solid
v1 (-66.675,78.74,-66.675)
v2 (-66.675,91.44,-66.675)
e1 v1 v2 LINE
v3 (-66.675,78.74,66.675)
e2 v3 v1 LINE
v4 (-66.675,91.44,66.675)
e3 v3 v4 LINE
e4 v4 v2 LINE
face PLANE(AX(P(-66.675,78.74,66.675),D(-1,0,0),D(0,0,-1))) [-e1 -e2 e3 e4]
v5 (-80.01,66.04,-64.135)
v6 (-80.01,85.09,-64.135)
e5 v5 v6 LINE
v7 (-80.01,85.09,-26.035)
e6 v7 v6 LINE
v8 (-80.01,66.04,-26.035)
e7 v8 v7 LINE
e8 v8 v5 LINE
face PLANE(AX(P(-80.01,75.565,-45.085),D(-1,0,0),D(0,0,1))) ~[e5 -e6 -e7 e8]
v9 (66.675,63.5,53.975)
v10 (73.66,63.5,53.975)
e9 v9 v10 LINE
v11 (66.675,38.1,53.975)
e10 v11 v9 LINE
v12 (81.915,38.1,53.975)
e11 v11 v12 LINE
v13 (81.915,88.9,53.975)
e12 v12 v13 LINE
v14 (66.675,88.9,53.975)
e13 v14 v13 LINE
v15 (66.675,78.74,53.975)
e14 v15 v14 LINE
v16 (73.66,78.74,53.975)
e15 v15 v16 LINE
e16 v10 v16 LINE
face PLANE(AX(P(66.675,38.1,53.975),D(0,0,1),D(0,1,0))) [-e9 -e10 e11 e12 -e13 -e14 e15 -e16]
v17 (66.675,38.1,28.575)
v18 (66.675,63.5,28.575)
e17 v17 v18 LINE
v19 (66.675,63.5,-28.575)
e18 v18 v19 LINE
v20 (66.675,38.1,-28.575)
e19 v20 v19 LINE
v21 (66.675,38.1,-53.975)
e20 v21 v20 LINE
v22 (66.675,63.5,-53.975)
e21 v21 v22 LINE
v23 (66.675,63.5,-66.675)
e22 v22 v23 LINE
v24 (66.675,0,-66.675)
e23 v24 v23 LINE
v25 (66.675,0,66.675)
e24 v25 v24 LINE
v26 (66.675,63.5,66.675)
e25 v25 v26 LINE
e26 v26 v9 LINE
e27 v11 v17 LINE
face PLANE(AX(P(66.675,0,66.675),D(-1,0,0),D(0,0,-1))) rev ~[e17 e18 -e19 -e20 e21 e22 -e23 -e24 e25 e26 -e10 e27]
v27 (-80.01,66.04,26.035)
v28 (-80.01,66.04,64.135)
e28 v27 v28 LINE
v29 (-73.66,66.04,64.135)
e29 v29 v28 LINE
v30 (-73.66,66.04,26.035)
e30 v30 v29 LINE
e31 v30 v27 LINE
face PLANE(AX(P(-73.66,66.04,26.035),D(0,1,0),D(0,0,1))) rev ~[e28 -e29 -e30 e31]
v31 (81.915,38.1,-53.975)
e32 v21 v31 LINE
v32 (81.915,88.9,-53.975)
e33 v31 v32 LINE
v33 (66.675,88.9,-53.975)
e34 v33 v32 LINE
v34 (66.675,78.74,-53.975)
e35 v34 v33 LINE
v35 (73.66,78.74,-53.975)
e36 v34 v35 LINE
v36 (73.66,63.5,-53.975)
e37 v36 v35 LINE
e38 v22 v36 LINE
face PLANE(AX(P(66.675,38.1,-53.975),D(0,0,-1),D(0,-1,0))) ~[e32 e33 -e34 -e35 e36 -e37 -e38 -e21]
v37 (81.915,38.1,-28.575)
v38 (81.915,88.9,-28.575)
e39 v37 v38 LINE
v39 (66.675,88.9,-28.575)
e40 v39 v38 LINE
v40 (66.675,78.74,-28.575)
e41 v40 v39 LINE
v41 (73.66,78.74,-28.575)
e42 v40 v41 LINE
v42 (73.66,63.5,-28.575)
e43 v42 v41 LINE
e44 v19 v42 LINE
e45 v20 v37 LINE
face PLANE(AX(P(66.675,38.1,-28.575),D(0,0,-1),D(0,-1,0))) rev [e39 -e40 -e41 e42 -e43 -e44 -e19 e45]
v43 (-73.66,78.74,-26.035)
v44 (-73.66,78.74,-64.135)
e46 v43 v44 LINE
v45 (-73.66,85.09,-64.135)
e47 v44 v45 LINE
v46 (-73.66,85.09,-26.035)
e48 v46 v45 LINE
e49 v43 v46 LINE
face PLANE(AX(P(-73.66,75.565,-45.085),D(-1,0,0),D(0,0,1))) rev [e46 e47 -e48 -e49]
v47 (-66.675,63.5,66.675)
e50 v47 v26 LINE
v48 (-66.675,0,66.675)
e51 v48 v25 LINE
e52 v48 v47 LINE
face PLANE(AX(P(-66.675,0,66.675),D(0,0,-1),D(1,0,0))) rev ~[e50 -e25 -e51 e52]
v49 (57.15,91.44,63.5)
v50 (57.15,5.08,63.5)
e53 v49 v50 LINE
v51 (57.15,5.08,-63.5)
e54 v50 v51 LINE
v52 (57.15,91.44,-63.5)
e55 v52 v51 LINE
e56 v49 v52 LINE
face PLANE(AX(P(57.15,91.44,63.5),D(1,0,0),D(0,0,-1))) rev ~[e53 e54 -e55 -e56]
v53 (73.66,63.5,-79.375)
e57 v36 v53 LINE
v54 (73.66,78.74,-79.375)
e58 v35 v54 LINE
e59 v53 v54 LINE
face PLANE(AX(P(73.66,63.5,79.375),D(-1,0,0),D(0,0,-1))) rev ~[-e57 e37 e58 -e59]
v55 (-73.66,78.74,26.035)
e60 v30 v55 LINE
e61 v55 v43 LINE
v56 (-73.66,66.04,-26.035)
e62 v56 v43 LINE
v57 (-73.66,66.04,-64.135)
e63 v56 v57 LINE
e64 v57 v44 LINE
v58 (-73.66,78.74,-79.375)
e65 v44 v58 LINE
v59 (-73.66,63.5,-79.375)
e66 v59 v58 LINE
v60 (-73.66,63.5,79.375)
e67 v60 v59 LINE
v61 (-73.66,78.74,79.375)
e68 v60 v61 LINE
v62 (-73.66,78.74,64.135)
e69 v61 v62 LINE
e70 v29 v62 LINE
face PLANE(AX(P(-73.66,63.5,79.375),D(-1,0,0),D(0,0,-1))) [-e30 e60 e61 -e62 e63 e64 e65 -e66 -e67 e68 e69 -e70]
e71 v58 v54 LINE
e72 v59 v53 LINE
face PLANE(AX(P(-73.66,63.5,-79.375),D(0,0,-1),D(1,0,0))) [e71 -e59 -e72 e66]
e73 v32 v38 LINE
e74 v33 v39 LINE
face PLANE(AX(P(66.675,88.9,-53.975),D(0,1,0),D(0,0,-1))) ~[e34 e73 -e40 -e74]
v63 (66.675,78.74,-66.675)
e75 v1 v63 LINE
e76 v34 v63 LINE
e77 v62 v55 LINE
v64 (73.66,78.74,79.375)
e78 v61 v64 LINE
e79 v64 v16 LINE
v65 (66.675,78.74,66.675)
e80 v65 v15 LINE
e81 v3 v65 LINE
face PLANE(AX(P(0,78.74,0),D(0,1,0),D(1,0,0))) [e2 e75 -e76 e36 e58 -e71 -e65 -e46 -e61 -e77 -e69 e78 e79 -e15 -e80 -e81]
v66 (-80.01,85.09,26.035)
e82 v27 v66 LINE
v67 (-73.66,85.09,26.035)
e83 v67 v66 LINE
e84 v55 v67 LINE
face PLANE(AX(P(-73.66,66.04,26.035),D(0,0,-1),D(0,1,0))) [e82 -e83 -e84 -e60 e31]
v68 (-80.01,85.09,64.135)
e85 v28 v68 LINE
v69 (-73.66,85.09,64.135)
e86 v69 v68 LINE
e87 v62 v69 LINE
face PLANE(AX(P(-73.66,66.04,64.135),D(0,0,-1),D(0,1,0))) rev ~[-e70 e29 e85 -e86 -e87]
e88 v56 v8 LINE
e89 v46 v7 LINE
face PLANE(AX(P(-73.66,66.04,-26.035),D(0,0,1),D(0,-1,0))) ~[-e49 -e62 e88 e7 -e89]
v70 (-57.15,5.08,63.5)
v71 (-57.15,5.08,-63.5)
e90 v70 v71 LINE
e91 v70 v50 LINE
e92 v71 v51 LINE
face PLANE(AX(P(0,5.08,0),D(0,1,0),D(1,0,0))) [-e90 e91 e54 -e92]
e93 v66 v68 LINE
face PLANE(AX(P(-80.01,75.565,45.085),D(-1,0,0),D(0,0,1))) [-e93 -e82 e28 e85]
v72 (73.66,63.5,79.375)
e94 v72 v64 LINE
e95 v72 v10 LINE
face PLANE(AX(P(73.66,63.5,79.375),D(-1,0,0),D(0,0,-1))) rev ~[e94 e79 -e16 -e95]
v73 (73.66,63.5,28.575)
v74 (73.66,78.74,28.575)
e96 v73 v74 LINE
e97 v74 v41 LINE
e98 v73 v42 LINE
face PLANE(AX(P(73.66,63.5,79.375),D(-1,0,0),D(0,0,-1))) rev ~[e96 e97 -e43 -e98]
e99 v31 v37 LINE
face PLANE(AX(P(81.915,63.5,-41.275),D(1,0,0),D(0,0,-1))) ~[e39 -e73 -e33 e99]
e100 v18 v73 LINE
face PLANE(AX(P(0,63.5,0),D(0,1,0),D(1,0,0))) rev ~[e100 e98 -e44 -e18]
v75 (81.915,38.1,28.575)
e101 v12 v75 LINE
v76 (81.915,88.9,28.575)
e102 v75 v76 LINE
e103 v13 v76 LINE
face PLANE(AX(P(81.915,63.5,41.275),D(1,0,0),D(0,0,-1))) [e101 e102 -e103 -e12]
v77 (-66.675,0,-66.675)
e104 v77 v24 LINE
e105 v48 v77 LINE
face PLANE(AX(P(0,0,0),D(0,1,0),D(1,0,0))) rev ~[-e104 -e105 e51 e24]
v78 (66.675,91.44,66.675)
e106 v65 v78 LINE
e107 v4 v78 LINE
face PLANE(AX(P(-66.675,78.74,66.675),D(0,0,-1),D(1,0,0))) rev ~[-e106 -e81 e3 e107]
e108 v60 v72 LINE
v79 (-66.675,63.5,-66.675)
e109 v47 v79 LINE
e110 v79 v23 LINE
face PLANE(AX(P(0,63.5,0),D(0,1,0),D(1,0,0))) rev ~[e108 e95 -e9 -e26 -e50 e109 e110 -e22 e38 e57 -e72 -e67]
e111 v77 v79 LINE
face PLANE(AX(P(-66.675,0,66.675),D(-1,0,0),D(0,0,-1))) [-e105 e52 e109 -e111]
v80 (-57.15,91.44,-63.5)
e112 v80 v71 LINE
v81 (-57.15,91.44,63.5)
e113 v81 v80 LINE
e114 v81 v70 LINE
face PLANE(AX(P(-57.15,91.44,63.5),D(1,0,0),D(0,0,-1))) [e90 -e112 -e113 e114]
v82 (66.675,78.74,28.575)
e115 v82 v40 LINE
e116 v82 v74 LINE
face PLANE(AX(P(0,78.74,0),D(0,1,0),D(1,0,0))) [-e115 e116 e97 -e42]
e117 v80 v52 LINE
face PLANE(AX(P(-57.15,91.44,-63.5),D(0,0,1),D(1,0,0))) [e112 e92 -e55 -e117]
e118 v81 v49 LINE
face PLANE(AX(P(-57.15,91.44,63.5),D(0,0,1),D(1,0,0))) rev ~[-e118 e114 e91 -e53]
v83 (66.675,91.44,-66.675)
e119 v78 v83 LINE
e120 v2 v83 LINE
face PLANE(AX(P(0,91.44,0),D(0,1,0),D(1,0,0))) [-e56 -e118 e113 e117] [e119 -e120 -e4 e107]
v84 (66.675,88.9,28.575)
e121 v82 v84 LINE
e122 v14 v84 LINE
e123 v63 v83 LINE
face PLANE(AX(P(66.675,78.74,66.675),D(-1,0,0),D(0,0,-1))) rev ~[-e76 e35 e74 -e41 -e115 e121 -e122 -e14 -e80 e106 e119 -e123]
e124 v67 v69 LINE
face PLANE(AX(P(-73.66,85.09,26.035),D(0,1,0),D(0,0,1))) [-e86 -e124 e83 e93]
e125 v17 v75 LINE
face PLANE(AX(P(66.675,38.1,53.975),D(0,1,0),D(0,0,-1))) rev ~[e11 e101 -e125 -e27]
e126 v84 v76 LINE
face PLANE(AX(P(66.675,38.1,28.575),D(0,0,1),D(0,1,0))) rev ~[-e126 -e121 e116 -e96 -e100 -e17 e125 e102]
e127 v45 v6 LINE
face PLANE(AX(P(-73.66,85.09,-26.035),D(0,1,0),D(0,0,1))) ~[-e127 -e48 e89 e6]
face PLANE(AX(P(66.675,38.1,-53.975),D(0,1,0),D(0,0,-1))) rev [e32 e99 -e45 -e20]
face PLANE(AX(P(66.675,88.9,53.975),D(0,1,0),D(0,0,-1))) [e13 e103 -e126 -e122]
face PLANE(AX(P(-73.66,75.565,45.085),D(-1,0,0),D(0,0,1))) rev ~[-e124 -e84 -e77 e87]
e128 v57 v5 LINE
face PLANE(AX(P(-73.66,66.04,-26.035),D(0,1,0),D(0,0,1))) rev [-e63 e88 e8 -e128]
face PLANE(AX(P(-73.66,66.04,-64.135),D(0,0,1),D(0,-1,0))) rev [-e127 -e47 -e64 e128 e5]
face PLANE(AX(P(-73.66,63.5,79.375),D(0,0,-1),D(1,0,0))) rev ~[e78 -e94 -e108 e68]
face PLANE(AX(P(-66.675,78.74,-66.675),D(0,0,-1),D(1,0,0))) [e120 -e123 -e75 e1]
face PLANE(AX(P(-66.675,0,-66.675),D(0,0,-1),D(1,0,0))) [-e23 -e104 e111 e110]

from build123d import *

# Parameters (mm, degrees)
SKETCH1_W           = 133.35
SKETCH1_H           = 133.35
BOSS_EXTRUDE1_DEPTH = 63.5
SKETCH2_W           = 147.32
SKETCH2_H           = 158.75
BOSS_EXTRUDE2_DEPTH = 15.24
SKETCH3_W           = 133.35
SKETCH3_H           = 133.35
BOSS_EXTRUDE3_DEPTH = 12.7
SKETCH4_W           = 38.1
SKETCH4_H           = 19.05
BOSS_EXTRUDE4_DEPTH = 6.35
SKETCH5_W           = 25.4
SKETCH5_H           = 50.8
BOSS_EXTRUDE5_DEPTH = 15.24
SKETCH7_W           = 114.3
SKETCH7_H           = 127
CUT_EXTRUDE1_DEPTH  = 86.36


with BuildPart() as part:
    # Sketch1 → Boss-Extrude1 (new body)
    with BuildSketch(Plane(origin=(0, 0, 0), x_dir=(1, 0, 0), z_dir=(0, 1, 0))):
        Rectangle(SKETCH1_W, SKETCH1_H)
    extrude(amount=BOSS_EXTRUDE1_DEPTH)

    # Sketch2 → Boss-Extrude2 (add)
    with BuildSketch(Plane(origin=(0, 63.5, 0), x_dir=(1, 0, 0), z_dir=(0, 1, 0))):
        Rectangle(SKETCH2_W, SKETCH2_H)
    extrude(amount=BOSS_EXTRUDE2_DEPTH)

    # Sketch3 → Boss-Extrude3 (add)
    with BuildSketch(Plane(origin=(0, 78.74, 0), x_dir=(1, 0, 0), z_dir=(0, 1, 0))):
        Rectangle(SKETCH3_W, SKETCH3_H)
    extrude(amount=BOSS_EXTRUDE3_DEPTH)

    # Sketch4 → Boss-Extrude4 (add)
    with BuildSketch(Plane.ZY.offset(73.66)):
        with Locations((45.085, 75.565)):
            Rectangle(SKETCH4_W, SKETCH4_H)
    boss_extrude4 = extrude(amount=BOSS_EXTRUDE4_DEPTH)

    # Mirror1: Boss-Extrude4 across plane
    add(boss_extrude4.mirror(Plane.XY))

    # Sketch5 → Boss-Extrude5 (add)
    with BuildSketch(Plane(origin=(66.675, 0, 0), x_dir=(0, 0, -1), z_dir=(1, 0, 0))):
        with Locations((-41.275, 63.5)):
            Rectangle(SKETCH5_W, SKETCH5_H)
    boss_extrude5 = extrude(amount=BOSS_EXTRUDE5_DEPTH)

    # Mirror2: Boss-Extrude5 across plane
    add(boss_extrude5.mirror(Plane.XY))

    # Sketch7 → Cut-Extrude1 (cut)
    with BuildSketch(Plane(origin=(0, 91.44, 0), x_dir=(1, 0, 0), z_dir=(0, 1, 0))):
        Rectangle(SKETCH7_W, SKETCH7_H)
    extrude(amount=-CUT_EXTRUDE1_DEPTH, mode=Mode.SUBTRACT)


solid = part.part
